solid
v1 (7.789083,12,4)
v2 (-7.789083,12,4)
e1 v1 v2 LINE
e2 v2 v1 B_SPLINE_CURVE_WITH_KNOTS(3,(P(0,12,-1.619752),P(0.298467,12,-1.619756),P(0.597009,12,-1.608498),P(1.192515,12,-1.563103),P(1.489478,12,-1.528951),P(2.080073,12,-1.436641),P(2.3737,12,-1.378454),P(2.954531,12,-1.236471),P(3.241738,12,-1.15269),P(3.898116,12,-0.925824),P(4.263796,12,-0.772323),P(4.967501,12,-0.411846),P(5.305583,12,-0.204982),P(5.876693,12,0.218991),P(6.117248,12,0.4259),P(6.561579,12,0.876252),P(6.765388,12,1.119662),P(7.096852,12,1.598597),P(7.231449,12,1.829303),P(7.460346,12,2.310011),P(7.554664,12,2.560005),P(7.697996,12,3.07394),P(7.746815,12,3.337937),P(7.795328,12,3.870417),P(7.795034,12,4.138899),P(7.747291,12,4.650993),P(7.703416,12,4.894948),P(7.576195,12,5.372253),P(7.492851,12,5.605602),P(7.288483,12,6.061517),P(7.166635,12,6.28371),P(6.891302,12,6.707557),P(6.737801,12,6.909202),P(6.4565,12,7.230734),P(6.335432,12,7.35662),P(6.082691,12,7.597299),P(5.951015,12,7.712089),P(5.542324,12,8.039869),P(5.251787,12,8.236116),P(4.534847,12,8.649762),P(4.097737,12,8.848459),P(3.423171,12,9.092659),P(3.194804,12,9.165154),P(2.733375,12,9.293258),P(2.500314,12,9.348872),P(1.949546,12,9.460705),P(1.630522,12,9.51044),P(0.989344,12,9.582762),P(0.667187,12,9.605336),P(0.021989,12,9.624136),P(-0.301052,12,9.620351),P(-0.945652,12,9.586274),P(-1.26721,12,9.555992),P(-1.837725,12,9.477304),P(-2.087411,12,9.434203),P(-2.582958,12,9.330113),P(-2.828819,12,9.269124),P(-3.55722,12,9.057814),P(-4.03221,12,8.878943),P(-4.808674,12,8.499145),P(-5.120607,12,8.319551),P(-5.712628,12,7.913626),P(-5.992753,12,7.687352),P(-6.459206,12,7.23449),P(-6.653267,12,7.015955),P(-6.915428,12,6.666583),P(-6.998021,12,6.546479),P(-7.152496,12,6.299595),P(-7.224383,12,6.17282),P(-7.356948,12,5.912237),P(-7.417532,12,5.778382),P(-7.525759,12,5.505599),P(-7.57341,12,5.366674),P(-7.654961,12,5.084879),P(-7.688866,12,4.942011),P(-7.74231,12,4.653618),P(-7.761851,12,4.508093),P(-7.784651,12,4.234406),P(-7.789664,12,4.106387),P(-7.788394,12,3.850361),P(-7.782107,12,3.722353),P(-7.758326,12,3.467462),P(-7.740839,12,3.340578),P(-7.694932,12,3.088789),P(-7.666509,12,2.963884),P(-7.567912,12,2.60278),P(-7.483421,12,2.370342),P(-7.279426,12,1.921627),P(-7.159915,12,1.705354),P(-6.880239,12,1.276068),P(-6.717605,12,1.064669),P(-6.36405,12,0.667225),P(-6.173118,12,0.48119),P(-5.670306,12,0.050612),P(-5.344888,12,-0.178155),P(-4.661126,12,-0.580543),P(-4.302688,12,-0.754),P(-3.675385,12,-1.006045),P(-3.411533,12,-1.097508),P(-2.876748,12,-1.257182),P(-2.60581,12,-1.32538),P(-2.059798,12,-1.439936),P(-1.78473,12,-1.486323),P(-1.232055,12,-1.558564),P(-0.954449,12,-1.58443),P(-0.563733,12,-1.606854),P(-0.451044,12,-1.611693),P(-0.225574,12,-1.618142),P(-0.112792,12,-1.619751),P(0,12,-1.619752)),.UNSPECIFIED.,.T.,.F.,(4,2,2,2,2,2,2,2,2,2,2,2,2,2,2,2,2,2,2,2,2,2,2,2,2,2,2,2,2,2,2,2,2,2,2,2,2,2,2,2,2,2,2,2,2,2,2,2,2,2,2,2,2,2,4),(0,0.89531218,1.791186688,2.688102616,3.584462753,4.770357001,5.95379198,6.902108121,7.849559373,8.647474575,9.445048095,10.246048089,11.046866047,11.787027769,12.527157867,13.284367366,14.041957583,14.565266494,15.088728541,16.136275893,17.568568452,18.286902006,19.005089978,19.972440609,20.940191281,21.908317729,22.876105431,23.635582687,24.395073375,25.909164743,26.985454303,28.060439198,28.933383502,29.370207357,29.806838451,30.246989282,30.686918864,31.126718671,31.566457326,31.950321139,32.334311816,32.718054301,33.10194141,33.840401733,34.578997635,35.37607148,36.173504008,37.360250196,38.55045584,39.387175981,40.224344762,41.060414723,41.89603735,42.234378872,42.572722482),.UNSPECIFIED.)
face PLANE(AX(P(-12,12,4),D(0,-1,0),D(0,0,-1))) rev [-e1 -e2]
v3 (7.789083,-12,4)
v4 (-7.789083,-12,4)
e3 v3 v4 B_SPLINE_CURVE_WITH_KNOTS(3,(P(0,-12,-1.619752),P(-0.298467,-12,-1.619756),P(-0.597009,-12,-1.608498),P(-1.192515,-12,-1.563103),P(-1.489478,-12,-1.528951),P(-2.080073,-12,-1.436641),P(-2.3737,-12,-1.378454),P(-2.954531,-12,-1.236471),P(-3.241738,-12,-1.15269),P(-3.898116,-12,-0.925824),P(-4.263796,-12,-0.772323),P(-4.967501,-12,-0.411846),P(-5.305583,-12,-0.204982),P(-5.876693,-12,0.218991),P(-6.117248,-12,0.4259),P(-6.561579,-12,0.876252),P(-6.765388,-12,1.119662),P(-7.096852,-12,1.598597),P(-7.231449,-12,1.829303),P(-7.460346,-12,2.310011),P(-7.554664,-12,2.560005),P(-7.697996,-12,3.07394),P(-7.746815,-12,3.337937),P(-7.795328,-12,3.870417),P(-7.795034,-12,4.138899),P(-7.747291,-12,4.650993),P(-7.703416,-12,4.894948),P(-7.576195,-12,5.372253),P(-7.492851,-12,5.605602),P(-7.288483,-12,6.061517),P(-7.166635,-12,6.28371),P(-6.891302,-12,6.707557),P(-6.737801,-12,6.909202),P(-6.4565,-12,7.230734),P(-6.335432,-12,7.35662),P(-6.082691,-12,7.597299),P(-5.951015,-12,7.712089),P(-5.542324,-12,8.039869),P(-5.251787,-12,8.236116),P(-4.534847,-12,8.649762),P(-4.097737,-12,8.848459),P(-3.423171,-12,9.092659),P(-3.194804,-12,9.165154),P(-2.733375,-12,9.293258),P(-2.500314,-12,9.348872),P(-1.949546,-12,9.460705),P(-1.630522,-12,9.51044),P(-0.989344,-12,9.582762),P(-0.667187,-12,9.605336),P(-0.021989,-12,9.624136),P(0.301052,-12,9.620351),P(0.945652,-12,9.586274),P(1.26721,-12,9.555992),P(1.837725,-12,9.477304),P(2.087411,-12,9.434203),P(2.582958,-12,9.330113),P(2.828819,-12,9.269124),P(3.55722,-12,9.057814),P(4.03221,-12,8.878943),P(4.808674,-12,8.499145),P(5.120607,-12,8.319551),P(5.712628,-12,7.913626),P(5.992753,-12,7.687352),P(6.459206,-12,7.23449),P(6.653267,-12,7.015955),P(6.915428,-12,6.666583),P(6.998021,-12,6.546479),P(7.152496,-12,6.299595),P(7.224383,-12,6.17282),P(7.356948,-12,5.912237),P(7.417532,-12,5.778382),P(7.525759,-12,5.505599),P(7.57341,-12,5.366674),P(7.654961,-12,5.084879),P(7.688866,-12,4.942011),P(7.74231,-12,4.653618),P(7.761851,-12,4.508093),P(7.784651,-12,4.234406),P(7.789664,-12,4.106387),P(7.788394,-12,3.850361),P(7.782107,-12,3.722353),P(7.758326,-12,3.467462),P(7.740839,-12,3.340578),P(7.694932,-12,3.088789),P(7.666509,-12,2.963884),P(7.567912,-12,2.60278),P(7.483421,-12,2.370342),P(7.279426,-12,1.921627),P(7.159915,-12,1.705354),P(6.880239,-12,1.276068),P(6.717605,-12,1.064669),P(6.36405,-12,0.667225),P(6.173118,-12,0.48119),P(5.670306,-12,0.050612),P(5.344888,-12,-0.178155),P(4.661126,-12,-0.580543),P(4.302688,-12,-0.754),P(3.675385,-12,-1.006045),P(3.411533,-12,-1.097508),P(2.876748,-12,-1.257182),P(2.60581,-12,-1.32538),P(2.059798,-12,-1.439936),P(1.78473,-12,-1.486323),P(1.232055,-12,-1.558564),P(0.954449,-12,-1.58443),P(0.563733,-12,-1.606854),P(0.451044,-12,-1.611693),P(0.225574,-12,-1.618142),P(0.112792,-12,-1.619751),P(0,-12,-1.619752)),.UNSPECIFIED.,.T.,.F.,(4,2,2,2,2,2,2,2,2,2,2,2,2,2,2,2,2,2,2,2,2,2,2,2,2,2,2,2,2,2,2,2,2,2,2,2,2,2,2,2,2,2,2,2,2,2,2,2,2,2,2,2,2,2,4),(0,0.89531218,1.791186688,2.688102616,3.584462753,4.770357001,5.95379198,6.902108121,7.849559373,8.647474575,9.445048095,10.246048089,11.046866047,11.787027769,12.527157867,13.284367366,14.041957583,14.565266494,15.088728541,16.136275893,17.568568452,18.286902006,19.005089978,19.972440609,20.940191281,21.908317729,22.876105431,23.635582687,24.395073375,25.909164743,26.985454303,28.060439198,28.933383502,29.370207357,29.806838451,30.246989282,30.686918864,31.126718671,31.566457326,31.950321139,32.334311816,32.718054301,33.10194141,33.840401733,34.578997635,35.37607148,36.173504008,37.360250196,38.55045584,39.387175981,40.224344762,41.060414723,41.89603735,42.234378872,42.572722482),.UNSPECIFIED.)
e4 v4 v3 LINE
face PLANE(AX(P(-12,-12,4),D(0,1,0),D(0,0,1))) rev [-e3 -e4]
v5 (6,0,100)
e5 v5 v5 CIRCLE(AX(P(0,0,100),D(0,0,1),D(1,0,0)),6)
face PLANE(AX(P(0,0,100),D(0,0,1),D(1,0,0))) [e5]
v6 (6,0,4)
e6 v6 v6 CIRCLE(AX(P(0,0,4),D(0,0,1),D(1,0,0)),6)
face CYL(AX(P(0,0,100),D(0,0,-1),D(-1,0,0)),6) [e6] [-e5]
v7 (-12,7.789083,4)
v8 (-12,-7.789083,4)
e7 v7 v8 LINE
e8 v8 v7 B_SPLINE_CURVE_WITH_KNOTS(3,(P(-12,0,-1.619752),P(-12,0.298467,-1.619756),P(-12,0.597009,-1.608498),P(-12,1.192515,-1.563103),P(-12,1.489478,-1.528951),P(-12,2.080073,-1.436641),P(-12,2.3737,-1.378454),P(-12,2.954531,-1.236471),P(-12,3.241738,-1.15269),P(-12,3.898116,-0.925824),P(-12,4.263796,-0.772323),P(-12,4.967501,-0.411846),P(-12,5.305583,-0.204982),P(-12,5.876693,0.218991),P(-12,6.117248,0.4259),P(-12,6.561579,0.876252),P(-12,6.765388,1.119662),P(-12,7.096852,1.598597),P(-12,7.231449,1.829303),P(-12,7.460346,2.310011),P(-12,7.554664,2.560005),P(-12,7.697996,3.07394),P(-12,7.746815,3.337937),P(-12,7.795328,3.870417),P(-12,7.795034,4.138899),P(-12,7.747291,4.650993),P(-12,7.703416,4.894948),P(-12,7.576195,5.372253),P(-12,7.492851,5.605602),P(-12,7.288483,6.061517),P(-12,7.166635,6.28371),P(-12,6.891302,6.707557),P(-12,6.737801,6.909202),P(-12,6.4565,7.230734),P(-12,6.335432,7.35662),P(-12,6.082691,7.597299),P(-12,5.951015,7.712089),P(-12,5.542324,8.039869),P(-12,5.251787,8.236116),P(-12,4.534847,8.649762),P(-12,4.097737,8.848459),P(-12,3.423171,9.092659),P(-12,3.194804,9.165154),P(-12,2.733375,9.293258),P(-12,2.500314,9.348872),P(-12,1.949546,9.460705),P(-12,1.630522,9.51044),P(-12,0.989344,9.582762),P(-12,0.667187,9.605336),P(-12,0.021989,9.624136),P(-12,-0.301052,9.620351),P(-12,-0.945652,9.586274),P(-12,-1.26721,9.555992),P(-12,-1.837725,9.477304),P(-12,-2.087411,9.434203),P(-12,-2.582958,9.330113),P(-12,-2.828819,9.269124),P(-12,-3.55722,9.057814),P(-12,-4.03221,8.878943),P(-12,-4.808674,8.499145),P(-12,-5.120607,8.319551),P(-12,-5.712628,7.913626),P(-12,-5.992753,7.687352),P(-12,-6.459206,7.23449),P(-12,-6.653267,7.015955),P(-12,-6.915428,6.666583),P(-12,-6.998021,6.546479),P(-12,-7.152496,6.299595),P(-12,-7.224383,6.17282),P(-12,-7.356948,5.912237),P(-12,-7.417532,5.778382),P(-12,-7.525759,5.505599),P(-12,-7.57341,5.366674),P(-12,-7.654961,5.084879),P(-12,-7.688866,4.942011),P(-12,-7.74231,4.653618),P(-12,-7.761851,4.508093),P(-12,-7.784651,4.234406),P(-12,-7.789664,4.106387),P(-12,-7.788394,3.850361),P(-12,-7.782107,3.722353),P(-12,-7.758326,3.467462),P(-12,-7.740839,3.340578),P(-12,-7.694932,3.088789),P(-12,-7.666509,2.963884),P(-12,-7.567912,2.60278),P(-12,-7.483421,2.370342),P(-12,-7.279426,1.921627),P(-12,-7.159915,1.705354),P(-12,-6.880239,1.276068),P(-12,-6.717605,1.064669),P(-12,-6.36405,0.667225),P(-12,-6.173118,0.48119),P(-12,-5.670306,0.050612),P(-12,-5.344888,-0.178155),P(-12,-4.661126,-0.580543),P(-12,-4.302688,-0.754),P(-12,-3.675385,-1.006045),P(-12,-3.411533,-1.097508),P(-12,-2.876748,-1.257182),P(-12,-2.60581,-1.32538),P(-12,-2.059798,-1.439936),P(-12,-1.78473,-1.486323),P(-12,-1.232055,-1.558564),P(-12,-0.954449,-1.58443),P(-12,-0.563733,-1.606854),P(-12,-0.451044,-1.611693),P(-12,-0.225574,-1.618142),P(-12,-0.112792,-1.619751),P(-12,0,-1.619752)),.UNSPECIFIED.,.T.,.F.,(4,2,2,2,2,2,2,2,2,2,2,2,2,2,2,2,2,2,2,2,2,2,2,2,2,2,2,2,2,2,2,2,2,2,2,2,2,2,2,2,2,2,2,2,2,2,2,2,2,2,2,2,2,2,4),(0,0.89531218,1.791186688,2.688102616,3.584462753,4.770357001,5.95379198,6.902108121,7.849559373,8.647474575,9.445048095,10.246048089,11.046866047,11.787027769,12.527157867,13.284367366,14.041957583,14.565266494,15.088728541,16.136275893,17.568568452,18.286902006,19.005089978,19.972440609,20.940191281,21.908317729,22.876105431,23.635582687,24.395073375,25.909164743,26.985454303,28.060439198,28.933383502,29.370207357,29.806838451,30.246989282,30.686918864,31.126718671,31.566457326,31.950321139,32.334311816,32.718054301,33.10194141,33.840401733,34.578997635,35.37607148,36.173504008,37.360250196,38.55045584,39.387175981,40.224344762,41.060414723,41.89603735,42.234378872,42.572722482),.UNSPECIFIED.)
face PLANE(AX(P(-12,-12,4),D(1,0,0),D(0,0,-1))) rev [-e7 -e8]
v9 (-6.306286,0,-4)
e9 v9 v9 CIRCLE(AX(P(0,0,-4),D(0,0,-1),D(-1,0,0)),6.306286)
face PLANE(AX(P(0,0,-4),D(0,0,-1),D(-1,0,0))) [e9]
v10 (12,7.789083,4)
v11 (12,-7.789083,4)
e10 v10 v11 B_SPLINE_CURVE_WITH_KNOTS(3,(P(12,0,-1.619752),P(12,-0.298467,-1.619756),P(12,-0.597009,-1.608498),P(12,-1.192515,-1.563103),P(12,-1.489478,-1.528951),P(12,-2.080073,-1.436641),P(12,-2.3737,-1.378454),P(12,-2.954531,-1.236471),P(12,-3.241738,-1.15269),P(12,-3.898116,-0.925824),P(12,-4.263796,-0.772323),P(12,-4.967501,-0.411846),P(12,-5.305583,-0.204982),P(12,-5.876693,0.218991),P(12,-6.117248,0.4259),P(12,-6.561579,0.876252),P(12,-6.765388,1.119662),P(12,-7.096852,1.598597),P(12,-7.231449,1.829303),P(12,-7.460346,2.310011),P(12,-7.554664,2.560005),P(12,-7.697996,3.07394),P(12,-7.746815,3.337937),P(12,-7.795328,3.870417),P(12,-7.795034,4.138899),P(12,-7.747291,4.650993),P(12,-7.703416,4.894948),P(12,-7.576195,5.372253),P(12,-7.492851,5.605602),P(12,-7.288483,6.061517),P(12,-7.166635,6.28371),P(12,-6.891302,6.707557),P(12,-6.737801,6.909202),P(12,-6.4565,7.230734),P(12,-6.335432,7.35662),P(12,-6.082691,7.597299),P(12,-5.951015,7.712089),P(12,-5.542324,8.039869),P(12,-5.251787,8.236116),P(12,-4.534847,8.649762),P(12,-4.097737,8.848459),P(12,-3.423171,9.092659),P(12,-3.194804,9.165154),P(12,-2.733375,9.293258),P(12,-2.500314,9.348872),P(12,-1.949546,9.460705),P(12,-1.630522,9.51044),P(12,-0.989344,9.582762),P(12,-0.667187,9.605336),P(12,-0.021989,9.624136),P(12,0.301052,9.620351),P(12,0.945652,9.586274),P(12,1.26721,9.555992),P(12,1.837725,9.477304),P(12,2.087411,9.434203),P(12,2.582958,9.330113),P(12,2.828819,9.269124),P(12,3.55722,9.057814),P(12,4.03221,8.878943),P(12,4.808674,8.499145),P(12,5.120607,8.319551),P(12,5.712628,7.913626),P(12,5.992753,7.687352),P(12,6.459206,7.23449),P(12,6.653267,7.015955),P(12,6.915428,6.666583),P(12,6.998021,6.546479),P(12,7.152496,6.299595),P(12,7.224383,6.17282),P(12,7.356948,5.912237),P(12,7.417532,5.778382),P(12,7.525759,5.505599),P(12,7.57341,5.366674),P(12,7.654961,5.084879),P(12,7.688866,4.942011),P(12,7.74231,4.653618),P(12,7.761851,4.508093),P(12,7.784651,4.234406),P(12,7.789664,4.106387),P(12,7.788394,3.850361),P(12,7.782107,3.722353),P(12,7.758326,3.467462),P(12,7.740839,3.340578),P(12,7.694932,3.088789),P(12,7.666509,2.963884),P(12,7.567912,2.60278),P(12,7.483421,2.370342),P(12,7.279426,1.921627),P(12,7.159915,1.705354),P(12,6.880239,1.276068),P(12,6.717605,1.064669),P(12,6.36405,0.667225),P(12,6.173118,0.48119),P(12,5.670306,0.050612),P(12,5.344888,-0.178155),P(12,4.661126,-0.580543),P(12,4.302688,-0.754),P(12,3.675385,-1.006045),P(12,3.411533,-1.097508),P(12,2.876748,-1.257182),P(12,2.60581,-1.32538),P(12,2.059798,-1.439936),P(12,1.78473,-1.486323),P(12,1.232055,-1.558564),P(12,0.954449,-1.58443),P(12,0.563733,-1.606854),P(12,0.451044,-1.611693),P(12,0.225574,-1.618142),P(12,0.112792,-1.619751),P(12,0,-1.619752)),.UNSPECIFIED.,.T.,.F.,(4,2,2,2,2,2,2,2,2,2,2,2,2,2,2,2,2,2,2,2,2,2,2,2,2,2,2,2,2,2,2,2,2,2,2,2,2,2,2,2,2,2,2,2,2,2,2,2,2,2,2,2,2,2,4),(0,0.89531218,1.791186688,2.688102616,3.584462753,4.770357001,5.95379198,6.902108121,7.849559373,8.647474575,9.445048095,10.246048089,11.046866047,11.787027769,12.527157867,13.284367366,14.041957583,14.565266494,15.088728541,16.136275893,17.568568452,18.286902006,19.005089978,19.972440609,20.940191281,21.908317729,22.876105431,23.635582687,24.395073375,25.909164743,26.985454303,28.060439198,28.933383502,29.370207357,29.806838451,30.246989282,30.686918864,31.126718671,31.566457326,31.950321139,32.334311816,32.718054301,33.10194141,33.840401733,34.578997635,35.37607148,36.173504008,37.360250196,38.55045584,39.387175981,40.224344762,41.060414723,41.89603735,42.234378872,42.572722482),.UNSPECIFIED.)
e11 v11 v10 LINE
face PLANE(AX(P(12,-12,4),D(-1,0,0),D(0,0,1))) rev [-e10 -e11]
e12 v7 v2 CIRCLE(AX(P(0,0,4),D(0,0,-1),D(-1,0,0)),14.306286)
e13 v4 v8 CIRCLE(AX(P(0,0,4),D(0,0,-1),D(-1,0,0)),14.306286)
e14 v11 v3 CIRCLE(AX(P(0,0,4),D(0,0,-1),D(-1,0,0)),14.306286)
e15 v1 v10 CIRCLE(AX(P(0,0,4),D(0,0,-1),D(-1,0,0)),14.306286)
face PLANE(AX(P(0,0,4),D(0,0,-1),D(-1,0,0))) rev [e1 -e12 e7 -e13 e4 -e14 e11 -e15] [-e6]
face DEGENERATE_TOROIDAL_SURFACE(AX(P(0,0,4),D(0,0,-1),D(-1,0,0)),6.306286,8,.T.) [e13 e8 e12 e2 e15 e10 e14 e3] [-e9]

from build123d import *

# Parameters (mm, degrees)
SKETCH1_W           = 24
SKETCH1_H           = 24
BOSS_EXTRUDE2_DEPTH = 4
SKETCH3_R           = 6
BOSS_EXTRUDE3_DEPTH = 96


with BuildPart() as part:
    # Sketch1 → Boss-Extrude2 (new, symmetric)
    with BuildSketch(Plane.XY):
        Rectangle(SKETCH1_W, SKETCH1_H)
    extrude(amount=BOSS_EXTRUDE2_DEPTH, both=True)

    # Sketch3 → Boss-Extrude3 (add)
    with BuildSketch(Plane.XY.offset(4)):
        Circle(SKETCH3_R)
    extrude(amount=BOSS_EXTRUDE3_DEPTH)

    # Sketch5 → Cut-Revolve8 (revolve, cut)
    with BuildSketch(Plane(origin=(0, 0, 0), x_dir=(1, 0, 0), z_dir=(0, 1, 0)), mode=Mode.PRIVATE) as cut_revolve8_sk:
        with BuildLine():
            Line((0, 4), (6.30628562, 4))
            ThreePointArc((6.30628562, 4), (11.96313987, 1.656854249), (14.30628562, -4))
            Line((14.30628562, -4), (24.30628562, -4))
            ThreePointArc((24.30628562, -4), (15.122793398, 9.010065299), (0, 14))
            Line((0, 14), (0, 4))
        make_face()
    revolve(cut_revolve8_sk.sketch.rotate(Axis((0, 0, -4), (0, 0, 1)), 180), axis=Axis((0, 0, -4), (0, 0, 1)), mode=Mode.SUBTRACT)


solid = part.part
